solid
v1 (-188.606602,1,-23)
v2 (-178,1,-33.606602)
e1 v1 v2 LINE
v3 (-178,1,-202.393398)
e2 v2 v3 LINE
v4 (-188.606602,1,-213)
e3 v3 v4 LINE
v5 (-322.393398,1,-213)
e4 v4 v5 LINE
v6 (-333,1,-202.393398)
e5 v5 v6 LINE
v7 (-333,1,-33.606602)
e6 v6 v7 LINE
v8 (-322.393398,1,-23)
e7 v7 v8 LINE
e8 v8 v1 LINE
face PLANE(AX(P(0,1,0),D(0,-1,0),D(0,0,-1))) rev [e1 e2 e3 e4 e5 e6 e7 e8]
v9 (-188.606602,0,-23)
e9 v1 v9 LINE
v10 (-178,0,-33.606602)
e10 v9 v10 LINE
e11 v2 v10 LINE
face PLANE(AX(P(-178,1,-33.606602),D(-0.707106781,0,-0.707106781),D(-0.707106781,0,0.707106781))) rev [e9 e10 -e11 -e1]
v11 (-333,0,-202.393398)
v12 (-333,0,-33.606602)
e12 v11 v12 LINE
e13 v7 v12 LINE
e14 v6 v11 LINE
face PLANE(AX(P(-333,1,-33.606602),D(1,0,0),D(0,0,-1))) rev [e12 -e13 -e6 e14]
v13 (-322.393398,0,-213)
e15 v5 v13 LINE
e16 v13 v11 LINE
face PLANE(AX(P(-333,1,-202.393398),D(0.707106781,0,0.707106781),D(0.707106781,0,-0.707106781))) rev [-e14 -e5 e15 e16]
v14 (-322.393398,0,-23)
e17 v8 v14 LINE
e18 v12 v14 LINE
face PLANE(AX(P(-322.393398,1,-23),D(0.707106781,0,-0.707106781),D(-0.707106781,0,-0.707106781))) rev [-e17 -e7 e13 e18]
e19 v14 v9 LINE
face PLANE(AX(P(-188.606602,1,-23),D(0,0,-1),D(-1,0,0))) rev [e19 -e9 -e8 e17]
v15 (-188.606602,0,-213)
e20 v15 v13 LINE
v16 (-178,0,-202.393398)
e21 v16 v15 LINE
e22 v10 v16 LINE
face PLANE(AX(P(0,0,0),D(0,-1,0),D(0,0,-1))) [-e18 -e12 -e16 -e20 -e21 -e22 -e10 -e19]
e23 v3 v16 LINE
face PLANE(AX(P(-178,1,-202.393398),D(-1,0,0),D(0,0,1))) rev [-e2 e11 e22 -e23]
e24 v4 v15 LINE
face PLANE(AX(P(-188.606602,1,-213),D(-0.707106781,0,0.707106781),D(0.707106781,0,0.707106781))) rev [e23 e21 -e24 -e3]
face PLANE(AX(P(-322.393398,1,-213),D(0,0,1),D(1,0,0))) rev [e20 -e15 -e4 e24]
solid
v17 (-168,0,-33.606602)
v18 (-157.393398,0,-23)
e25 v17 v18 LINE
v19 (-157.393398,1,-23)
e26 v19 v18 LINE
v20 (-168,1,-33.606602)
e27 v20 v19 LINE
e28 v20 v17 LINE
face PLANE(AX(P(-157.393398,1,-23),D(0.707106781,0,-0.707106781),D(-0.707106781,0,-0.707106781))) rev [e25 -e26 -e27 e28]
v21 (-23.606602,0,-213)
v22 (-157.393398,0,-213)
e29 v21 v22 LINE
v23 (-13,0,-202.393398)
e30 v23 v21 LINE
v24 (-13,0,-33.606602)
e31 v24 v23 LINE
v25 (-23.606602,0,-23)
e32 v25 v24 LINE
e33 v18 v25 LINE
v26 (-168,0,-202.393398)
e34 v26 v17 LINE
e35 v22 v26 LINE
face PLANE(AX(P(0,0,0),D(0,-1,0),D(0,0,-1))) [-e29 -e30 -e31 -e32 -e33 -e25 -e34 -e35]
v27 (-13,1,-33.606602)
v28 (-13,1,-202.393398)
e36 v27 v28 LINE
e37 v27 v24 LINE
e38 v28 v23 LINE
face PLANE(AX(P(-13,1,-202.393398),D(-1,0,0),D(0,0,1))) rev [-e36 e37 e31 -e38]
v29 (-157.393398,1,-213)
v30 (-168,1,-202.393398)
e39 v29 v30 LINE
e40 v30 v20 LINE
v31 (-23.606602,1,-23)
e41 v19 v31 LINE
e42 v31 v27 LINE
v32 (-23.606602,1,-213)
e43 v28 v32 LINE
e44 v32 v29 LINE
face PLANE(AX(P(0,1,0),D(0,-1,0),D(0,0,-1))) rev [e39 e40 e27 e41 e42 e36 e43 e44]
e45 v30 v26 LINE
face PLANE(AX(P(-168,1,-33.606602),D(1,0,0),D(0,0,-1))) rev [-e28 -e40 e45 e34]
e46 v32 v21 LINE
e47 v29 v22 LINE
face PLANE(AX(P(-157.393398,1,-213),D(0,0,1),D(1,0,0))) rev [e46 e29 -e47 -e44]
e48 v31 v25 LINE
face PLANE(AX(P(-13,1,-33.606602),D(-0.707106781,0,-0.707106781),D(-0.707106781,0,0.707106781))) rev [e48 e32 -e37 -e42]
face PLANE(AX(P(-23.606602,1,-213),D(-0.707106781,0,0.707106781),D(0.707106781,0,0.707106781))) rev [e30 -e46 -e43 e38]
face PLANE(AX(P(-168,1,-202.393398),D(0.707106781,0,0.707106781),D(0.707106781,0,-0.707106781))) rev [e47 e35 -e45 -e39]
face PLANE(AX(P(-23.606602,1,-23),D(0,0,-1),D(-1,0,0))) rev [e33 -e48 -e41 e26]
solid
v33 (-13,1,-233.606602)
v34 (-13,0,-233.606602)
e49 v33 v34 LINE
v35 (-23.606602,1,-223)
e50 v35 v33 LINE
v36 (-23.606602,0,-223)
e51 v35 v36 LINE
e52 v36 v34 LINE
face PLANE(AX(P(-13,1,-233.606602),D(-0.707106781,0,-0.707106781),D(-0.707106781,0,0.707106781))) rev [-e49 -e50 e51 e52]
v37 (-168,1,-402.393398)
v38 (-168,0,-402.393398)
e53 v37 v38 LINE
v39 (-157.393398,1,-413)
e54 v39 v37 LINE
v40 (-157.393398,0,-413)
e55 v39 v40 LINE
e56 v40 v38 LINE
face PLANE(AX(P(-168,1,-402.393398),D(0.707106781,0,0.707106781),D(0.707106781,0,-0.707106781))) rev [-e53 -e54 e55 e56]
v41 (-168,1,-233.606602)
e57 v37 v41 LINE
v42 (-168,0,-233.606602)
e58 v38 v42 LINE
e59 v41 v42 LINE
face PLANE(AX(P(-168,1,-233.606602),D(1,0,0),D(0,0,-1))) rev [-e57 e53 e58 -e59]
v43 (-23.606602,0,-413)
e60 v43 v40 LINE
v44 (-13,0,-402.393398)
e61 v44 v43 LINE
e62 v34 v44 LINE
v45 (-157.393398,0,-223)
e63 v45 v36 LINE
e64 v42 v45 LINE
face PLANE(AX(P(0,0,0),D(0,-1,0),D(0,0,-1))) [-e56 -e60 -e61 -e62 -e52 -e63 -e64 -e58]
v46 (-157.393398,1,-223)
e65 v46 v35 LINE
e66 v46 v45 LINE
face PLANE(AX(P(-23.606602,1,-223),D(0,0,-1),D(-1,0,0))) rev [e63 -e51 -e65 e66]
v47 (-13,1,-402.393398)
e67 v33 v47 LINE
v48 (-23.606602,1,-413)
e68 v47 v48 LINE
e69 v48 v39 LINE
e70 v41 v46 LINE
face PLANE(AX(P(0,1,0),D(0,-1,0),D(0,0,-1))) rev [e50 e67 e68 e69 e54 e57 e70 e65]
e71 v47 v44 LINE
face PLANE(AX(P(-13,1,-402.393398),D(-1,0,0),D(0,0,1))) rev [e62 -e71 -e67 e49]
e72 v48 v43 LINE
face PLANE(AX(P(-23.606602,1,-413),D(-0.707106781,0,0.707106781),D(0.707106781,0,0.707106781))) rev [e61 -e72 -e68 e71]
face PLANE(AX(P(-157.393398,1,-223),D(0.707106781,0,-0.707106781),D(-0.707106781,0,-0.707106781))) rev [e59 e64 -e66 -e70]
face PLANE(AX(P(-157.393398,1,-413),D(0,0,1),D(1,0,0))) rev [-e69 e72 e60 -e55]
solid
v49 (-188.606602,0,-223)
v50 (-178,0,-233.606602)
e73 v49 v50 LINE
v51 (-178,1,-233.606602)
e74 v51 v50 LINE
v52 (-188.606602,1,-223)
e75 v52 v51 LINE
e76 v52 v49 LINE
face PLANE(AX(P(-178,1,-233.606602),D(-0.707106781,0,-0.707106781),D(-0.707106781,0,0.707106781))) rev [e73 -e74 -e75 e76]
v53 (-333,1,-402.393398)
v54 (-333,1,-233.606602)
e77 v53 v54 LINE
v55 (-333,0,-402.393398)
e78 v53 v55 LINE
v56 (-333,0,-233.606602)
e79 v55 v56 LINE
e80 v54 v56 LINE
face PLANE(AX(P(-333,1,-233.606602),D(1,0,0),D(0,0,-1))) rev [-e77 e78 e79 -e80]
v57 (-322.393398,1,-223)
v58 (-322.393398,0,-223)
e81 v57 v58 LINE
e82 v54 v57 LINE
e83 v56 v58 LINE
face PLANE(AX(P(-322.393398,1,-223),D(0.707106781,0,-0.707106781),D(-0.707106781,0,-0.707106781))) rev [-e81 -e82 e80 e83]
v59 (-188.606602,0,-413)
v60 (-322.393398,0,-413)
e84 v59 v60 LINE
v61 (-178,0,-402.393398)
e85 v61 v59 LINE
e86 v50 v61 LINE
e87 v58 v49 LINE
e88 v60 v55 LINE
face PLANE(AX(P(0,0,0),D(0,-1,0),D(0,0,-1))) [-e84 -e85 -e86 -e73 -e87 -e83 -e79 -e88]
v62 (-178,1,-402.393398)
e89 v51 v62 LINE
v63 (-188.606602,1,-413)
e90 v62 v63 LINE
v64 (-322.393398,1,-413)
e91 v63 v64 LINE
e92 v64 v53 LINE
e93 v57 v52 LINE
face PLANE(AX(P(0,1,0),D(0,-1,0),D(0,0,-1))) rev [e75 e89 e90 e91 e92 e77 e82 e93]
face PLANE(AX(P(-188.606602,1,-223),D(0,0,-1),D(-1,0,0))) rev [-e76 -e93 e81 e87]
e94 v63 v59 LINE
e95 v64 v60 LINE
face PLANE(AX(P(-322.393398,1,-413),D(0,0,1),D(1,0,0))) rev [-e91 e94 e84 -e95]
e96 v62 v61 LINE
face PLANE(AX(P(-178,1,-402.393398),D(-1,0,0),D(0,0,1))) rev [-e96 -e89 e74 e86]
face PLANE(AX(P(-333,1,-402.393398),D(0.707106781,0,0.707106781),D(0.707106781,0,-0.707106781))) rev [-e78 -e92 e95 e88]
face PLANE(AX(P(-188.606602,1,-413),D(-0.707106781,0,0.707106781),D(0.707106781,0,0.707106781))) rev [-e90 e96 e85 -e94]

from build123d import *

# Parameters (mm, degrees)
BOSS_EXTRUDE1_DEPTH   = 1
BOSS_EXTRUDE1_2_DEPTH = 1
BOSS_EXTRUDE1_3_DEPTH = 1
BOSS_EXTRUDE1_4_DEPTH = 1


with BuildPart() as part:
    # Sketch1 → Boss-Extrude1 (new body)
    with BuildSketch(Plane(origin=(0, 0, 0), x_dir=(1, 0, 0), z_dir=(0, 1, 0))):
        Polygon((-168, 202.393398282), (-157.393398282, 213), (-23.606601718, 213), (-13, 202.393398282), (-13, 33.606601718), (-23.606601718, 23), (-157.393398282, 23), (-168, 33.606601718), align=None)
    extrude(amount=BOSS_EXTRUDE1_DEPTH)


with BuildPart() as body_2:
    # Sketch1 → Boss-Extrude1 2 (new body)
    with BuildSketch(Plane(origin=(0, 0, 0), x_dir=(1, 0, 0), z_dir=(0, 1, 0))):
        Polygon((-333, 202.393398282), (-322.393398282, 213), (-188.606601718, 213), (-178, 202.393398282), (-178, 33.606601718), (-188.606601718, 23), (-322.393398282, 23), (-333, 33.606601718), align=None)
    extrude(amount=BOSS_EXTRUDE1_2_DEPTH)


with BuildPart() as body_3:
    # Sketch1 → Boss-Extrude1 3 (new body)
    with BuildSketch(Plane(origin=(0, 0, 0), x_dir=(1, 0, 0), z_dir=(0, 1, 0))):
        Polygon((-333, 402.393398282), (-322.393398282, 413), (-188.606601718, 413), (-178, 402.393398282), (-178, 233.606601718), (-188.606601718, 223), (-322.393398282, 223), (-333, 233.606601718), align=None)
    extrude(amount=BOSS_EXTRUDE1_3_DEPTH)


with BuildPart() as body_4:
    # Sketch1 → Boss-Extrude1 4 (new body)
    with BuildSketch(Plane(origin=(0, 0, 0), x_dir=(1, 0, 0), z_dir=(0, 1, 0))):
        Polygon((-168, 402.393398282), (-157.393398282, 413), (-23.606601718, 413), (-13, 402.393398282), (-13, 233.606601718), (-23.606601718, 223), (-157.393398282, 223), (-168, 233.606601718), align=None)
    extrude(amount=BOSS_EXTRUDE1_4_DEPTH)


solid = Compound([part.part, body_2.part, body_3.part, body_4.part])
